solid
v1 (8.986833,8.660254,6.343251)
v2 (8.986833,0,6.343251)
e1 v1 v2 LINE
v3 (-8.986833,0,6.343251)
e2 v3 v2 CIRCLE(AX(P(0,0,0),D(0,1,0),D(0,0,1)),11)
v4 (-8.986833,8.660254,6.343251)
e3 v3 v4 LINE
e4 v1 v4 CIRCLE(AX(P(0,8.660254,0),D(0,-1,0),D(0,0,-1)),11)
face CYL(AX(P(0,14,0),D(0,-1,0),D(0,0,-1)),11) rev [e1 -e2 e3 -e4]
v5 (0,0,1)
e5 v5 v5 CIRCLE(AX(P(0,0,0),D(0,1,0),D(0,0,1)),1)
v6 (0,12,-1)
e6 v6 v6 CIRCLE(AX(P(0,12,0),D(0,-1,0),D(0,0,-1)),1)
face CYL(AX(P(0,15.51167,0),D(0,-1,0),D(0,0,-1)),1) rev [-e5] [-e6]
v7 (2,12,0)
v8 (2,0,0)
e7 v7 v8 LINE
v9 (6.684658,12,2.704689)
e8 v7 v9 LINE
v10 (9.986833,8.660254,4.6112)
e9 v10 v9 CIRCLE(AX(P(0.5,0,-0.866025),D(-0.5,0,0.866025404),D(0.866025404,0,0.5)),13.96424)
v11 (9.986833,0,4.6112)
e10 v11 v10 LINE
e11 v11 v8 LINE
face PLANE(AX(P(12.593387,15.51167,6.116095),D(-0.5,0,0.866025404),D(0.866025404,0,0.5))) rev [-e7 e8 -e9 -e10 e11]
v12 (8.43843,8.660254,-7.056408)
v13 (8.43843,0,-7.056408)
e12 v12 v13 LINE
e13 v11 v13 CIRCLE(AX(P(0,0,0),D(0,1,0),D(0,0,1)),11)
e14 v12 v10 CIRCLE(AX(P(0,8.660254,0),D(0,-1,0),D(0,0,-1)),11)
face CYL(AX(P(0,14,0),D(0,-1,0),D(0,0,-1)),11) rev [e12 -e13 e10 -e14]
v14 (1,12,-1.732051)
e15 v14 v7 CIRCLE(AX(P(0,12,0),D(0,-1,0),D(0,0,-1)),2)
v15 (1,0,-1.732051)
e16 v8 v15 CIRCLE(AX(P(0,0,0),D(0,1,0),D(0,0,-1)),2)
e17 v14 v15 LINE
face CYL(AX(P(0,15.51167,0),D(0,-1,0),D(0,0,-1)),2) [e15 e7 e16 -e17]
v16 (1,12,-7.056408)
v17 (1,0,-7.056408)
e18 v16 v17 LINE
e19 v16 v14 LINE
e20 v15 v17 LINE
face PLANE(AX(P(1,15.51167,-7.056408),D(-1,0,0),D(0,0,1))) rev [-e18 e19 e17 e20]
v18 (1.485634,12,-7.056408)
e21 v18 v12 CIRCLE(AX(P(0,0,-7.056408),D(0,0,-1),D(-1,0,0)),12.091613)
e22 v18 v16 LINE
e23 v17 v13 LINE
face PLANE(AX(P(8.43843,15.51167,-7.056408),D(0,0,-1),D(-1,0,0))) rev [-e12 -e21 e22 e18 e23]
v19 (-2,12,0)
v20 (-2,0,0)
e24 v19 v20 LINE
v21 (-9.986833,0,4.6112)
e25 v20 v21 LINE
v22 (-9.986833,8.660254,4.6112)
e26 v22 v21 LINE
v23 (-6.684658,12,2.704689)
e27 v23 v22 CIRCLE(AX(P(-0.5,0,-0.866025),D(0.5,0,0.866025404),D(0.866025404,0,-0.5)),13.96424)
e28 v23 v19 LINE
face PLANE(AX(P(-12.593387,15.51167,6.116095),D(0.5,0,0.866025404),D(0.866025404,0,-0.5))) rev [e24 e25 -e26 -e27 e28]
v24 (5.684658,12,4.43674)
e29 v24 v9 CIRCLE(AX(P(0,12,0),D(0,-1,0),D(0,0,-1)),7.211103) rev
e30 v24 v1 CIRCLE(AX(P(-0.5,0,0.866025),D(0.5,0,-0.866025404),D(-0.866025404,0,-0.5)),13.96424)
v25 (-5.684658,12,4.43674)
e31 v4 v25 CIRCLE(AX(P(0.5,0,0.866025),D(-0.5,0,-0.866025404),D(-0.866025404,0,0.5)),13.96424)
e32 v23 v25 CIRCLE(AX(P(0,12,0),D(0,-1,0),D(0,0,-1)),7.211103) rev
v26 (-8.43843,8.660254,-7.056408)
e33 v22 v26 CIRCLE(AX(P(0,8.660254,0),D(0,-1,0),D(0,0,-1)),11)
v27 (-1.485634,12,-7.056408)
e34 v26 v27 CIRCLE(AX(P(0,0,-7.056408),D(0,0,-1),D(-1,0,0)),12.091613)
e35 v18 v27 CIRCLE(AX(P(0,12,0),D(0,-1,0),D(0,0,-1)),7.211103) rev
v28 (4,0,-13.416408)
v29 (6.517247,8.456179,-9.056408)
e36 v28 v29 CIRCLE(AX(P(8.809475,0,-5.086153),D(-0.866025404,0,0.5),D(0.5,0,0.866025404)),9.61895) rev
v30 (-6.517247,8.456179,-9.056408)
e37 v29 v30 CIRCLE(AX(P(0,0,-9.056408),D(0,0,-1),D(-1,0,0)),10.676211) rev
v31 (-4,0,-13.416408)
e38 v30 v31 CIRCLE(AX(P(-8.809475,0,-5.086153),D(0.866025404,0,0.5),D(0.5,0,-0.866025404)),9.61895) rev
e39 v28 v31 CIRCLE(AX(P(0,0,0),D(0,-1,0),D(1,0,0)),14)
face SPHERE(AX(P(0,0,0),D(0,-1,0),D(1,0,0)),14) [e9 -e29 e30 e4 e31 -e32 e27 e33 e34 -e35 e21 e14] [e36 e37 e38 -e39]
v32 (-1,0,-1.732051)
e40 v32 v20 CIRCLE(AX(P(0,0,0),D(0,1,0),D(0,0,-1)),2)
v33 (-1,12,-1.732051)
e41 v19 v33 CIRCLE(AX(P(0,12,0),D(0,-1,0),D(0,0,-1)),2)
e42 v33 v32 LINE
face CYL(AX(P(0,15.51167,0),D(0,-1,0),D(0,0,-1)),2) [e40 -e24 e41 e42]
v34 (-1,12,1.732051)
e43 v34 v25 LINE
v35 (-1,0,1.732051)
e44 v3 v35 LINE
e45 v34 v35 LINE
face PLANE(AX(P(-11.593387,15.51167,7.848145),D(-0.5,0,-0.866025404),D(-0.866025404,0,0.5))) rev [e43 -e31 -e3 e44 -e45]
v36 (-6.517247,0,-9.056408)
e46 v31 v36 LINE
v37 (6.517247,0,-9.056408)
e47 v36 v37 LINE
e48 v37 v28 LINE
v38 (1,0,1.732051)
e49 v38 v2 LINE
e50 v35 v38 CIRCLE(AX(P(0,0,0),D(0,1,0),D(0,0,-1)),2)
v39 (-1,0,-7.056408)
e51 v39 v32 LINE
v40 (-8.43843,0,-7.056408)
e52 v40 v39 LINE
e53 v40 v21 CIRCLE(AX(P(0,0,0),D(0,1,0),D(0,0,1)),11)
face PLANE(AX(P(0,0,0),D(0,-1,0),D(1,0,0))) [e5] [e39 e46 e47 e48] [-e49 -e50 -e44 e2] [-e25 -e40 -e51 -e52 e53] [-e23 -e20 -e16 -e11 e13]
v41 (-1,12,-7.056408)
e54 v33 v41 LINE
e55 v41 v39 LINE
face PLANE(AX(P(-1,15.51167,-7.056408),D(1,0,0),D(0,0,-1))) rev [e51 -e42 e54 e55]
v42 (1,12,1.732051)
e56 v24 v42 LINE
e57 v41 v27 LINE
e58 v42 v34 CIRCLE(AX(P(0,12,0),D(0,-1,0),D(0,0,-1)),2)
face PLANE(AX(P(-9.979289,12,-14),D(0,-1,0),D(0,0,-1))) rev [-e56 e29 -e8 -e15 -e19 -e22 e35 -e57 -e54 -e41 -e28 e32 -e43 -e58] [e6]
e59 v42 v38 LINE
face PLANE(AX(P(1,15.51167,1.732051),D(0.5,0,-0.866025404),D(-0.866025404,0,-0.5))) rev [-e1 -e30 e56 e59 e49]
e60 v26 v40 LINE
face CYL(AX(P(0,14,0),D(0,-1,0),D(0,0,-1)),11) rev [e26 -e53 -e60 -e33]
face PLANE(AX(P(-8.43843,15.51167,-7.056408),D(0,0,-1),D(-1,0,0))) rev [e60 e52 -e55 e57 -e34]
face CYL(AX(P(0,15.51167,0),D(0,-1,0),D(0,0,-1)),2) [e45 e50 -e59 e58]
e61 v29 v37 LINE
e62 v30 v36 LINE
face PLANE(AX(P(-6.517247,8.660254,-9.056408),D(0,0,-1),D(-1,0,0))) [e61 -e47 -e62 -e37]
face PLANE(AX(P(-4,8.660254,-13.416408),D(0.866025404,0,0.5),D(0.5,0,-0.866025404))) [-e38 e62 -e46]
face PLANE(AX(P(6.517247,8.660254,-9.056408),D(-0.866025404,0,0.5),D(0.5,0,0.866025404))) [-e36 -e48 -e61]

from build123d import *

# Parameters (mm, degrees)
SKETCH4_R                = 11
CUT_EXTRUDE4_DEPTH       = 25.248711
CUT_EXTRUDE5_DEPTH       = 22.610183
BOSS_EXTRUDE1_REACH      = 23.61
BOSS_EXTRUDE1_END_RADIUS = 14
SKETCH5_R                = 1
SKETCH7_W                = 20.713315
SKETCH7_H                = 3.375348
CUT_EXTRUDE6_DEPTH       = 25.228083
CUT_EXTRUDE6_DEPTH_BACK  = 25.228083


with BuildPart() as part:
    # Sketch1 → Revolve1 (revolve)
    with BuildSketch(Plane.XY):
        with BuildLine():
            Line((0, 14), (0, 0))
            Line((0, 0), (14, 0))
            ThreePointArc((14, 0), (9.899495, 9.899495), (0, 14))
        make_face()
    revolve(axis=Axis((0, -754.629412, 0), (0, 1, 0)))

    # Sketch4 → Cut-Extrude4 (cut, through all)
    with BuildSketch(Plane(origin=(0, 0, 0), x_dir=(1, 0, 0), z_dir=(0, 1, 0))):
        with Locations(Location((0, 0, 0), (0, 0, 90))):
            Circle(SKETCH4_R)
    extrude(amount=CUT_EXTRUDE4_DEPTH, mode=Mode.SUBTRACT)

    # Sketch6 → Cut-Extrude5 (cut, through all)
    with BuildSketch(Plane(origin=(0, 0, 0), x_dir=(1, 0, 0), z_dir=(0, 1, 0))):
        with BuildLine():
            Line((-6.517247, 9.056408), (6.517247, 9.056408))
            Line((6.517247, 9.056408), (4, 13.416408))
            ThreePointArc((4, 13.416408), (0, 14), (-4, 13.416408))
            Line((-4, 13.416408), (-6.517247, 9.056408))
        make_face()
    extrude(amount=CUT_EXTRUDE5_DEPTH, mode=Mode.SUBTRACT)

    # Boss-Extrude1: up to this sphere (the profile starts inside it)
    boss_extrude1_end = Location((0, 0, 0)) * Sphere(BOSS_EXTRUDE1_END_RADIUS, mode=Mode.PRIVATE)
    # Sketch5 → Boss-Extrude1 (add, up to the surface)
    with BuildSketch(Plane(origin=(0, 0, 0), x_dir=(1, 0, 0), z_dir=(0, 1, 0)), mode=Mode.PRIVATE) as boss_extrude1_sk1:
        with BuildLine():
            Line((-8.43843, 7.056408), (-1, 7.056408))
            Line((-1, 7.056408), (-1, 1.732051))
            ThreePointArc((-1, 1.732051), (-1.732051, 1), (-2, 0))
            Line((-2, 0), (-12.593387, -6.116095))
            Line((-12.593387, -6.116095), (-11.593387, -7.848145))
            Line((-11.593387, -7.848145), (-1, -1.732051))
            ThreePointArc((-1, -1.732051), (0, -2), (1, -1.732051))
            Line((1, -1.732051), (11.593387, -7.848145))
            Line((11.593387, -7.848145), (12.593387, -6.116095))
            Line((12.593387, -6.116095), (2, 0))
            ThreePointArc((2, 0), (1.732051, 1), (1, 1.732051))
            Line((1, 1.732051), (1, 7.056408))
            Line((1, 7.056408), (8.43843, 7.056408))
            Line((8.43843, 7.056408), (8.43843, 9.056408))
            Line((8.43843, 9.056408), (-8.43843, 9.056408))
            Line((-8.43843, 9.056408), (-8.43843, 7.056408))
        make_face()
        with Locations(Location((0, 0, 0), (0, 0, 90))):
            Circle(SKETCH5_R, mode=Mode.SUBTRACT)
    boss_extrude1_tool1 = extrude(boss_extrude1_sk1.sketch, amount=BOSS_EXTRUDE1_REACH, mode=Mode.PRIVATE) & boss_extrude1_end
    add(boss_extrude1_tool1.solids().sort_by_distance((0, 0, -1.246464))[0])

    # Sketch7 → Cut-Extrude6 (cut, two sides)
    with BuildSketch(Plane.XY) as cut_extrude6_sk:
        with Locations((0.377369, 13.687674)):
            Rectangle(SKETCH7_W, SKETCH7_H)
    extrude(amount=CUT_EXTRUDE6_DEPTH, mode=Mode.SUBTRACT)
    extrude(cut_extrude6_sk.sketch, amount=-CUT_EXTRUDE6_DEPTH_BACK, mode=Mode.SUBTRACT)


solid = part.part
